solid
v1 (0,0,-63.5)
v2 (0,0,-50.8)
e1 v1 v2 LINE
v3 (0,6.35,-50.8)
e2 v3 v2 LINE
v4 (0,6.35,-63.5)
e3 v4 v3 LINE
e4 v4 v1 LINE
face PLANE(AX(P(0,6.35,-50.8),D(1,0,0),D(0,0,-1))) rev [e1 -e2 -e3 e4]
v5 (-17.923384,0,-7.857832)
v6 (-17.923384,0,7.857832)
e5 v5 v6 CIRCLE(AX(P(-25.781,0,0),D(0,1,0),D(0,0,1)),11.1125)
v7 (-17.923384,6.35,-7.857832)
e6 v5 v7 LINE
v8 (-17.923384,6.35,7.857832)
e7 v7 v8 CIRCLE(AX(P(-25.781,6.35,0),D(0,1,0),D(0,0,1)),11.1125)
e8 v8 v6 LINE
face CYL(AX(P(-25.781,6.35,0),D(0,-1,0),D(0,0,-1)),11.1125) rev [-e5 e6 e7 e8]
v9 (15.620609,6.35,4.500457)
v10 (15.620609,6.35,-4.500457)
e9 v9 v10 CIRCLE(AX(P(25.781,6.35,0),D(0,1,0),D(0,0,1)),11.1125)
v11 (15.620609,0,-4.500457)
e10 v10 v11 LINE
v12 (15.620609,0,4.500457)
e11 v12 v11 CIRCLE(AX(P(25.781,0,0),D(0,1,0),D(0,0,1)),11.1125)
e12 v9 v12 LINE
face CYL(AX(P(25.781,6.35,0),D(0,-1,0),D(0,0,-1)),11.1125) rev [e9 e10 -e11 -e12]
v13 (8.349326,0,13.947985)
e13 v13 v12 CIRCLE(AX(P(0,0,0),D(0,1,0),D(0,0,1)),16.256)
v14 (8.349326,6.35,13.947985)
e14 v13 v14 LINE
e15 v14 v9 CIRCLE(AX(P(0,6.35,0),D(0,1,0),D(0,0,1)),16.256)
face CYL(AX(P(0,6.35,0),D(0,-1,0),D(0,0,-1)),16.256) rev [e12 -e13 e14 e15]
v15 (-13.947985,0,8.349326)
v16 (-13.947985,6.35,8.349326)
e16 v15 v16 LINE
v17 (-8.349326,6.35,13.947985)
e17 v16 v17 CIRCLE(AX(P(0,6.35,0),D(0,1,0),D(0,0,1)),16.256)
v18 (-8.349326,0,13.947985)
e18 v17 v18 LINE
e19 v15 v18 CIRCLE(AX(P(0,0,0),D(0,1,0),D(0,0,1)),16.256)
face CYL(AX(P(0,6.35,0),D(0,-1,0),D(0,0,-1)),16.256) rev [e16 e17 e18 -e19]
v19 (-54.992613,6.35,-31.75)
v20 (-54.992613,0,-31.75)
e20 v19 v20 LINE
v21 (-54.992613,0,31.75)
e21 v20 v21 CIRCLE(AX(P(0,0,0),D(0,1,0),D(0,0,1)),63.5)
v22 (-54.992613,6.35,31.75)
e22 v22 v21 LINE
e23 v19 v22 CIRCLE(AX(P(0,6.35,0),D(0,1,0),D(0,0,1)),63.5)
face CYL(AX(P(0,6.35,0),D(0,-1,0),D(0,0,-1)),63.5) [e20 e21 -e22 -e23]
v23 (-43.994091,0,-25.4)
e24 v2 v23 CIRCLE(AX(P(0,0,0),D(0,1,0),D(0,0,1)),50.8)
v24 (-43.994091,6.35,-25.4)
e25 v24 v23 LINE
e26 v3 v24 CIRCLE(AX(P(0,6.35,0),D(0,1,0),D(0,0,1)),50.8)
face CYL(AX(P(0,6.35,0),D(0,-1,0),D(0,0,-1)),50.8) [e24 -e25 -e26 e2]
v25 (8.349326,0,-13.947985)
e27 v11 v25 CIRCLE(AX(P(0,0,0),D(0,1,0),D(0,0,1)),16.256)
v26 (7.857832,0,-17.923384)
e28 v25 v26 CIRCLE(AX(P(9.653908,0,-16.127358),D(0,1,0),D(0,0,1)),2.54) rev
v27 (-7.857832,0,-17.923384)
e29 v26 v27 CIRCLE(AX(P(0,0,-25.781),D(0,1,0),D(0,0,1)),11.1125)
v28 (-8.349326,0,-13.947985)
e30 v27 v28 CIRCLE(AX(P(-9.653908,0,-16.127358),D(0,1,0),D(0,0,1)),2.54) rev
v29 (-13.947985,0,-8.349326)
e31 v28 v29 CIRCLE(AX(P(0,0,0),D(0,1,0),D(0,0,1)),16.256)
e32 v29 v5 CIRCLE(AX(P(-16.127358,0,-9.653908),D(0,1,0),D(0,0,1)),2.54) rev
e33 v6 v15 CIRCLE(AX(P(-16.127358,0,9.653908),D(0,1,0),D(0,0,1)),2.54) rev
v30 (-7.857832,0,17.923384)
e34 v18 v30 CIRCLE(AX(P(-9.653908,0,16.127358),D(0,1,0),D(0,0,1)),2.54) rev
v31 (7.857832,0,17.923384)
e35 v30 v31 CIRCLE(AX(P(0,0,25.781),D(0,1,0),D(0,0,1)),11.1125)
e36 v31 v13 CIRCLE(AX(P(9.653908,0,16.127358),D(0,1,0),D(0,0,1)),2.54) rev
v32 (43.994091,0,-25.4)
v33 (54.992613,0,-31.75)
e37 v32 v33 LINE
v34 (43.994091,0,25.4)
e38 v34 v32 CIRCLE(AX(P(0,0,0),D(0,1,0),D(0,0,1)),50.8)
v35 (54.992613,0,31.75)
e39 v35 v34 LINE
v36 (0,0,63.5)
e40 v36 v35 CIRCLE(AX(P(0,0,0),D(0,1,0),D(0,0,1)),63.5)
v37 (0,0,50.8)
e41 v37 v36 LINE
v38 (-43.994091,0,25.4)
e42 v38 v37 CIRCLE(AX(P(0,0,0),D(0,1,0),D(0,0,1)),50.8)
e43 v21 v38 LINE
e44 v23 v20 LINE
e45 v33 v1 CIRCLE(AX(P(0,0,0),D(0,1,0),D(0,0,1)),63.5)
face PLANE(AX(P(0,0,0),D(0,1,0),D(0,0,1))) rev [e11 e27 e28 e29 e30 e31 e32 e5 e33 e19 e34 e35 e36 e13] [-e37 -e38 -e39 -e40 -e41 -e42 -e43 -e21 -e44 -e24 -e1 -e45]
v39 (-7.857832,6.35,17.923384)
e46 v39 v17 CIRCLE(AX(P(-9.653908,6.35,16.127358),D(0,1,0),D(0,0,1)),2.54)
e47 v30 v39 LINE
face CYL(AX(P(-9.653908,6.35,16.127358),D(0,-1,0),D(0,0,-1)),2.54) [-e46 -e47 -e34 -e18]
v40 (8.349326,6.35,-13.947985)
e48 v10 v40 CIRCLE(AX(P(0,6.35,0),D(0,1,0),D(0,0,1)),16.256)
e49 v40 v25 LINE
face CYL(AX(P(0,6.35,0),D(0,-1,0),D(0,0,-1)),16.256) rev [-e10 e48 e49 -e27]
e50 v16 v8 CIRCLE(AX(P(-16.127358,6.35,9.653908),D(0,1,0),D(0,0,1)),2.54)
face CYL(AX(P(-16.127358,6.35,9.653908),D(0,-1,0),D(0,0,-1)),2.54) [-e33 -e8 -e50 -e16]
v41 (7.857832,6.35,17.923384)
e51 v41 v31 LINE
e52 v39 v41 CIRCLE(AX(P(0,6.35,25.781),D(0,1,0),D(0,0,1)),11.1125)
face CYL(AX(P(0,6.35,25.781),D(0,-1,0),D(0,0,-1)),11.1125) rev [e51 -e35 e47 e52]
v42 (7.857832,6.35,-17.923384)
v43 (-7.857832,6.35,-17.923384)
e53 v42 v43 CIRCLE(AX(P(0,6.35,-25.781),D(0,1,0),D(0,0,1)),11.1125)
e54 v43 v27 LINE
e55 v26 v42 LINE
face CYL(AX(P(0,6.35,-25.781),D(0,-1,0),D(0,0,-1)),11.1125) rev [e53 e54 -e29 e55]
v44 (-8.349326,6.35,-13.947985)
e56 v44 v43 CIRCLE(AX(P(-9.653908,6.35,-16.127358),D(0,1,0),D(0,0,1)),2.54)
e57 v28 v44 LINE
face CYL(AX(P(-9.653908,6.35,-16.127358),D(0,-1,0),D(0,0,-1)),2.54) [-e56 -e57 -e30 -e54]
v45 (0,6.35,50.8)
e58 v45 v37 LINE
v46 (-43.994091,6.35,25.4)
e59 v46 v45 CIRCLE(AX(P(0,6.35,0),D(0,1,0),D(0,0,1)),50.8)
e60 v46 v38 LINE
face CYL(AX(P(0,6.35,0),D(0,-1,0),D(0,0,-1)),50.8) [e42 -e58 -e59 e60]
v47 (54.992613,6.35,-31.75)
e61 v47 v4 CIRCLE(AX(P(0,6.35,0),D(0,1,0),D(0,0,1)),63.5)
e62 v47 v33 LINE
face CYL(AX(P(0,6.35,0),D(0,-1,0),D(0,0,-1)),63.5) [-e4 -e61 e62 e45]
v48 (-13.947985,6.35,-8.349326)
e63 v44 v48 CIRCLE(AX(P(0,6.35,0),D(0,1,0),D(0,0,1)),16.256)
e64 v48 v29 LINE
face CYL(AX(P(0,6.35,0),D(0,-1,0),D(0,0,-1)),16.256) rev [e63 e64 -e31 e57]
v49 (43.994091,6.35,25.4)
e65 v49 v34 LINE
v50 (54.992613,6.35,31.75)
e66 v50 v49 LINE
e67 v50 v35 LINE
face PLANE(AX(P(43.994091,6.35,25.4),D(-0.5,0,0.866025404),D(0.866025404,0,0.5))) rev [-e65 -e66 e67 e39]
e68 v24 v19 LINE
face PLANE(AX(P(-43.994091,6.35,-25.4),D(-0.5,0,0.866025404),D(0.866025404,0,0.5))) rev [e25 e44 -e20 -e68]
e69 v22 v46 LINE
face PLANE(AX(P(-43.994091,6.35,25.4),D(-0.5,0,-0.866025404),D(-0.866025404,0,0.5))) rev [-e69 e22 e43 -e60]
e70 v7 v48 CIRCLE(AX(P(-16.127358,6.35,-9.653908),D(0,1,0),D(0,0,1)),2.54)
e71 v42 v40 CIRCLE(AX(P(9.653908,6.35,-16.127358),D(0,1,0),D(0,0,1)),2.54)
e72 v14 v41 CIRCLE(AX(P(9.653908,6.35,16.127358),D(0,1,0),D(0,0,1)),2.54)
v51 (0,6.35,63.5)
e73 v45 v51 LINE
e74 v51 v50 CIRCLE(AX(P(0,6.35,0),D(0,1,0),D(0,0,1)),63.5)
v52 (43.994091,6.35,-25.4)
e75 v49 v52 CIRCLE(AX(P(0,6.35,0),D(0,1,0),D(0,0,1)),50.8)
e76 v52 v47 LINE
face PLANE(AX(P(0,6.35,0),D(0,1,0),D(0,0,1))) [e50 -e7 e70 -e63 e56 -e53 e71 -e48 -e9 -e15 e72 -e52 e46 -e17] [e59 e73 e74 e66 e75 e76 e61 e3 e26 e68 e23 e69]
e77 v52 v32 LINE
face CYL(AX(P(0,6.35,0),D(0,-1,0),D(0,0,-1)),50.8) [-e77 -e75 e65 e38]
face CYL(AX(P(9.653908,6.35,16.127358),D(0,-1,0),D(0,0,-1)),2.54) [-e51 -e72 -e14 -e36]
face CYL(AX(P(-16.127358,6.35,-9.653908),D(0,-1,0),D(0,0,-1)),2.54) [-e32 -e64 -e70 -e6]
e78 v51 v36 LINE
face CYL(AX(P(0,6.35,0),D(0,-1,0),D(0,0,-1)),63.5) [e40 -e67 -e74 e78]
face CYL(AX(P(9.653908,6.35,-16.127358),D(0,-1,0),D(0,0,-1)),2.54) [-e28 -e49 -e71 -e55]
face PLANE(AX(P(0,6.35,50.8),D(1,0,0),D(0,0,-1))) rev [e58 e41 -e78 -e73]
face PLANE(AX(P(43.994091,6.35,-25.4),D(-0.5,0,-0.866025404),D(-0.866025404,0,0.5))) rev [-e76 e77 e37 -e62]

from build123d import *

# Parameters (mm, degrees)
BOSS_EXTRUDE1_DEPTH = 6.35
FILLET1_R           = 2.54


with BuildPart() as part:
    # Sketch1 → Boss-Extrude1 (new body)
    with BuildSketch(Plane(origin=(0, 0, 0), x_dir=(1, 0, 0), z_dir=(0, 1, 0))):
        with BuildLine():
            Line((0, 50.8), (0, 63.5))
            ThreePointArc((0, 63.5), (31.75, 54.99261314), (54.99261314, 31.75))
            Line((54.99261314, 31.75), (43.994090512, 25.4))
            ThreePointArc((43.994090512, 25.4), (50.8, 0), (43.994090512, -25.4))
            Line((43.994090512, -25.4), (54.99261314, -31.75))
            ThreePointArc((54.99261314, -31.75), (31.75, -54.99261314), (0, -63.5))
            Line((0, -63.5), (0, -50.8))
            ThreePointArc((0, -50.8), (-25.4, -43.994090512), (-43.994090512, -25.4))
            Line((-43.994090512, -25.4), (-54.99261314, -31.75))
            ThreePointArc((-54.99261314, -31.75), (-63.5, 0), (-54.99261314, 31.75))
            Line((-54.99261314, 31.75), (-43.994090512, 25.4))
            ThreePointArc((-43.994090512, 25.4), (-25.4, 43.994090512), (0, 50.8))
        make_face()
        with BuildLine():
            ThreePointArc((-4.50045673, 15.62060899), (-11.494727835, 11.494727835), (-15.62060899, 4.50045673))
            ThreePointArc((-15.62060899, 4.50045673), (-36.8935, 0), (-15.62060899, -4.50045673))
            ThreePointArc((-15.62060899, -4.50045673), (-11.494727835, -11.494727835), (-4.50045673, -15.62060899))
            ThreePointArc((-4.50045673, -15.62060899), (0, -36.8935), (4.50045673, -15.62060899))
            ThreePointArc((4.50045673, -15.62060899), (11.494727835, -11.494727835), (15.62060899, -4.50045673))
            ThreePointArc((15.62060899, -4.50045673), (36.8935, 0), (15.62060899, 4.50045673))
            ThreePointArc((15.62060899, 4.50045673), (11.494727835, 11.494727835), (4.50045673, 15.62060899))
            ThreePointArc((4.50045673, 15.62060899), (0, 36.8935), (-4.50045673, 15.62060899))
        make_face(mode=Mode.SUBTRACT)
    extrude(amount=BOSS_EXTRUDE1_DEPTH)

    # Fillet1
    fillet1_edges = [part.edges().sort_by_distance(p)[0] for p in [
        (4.50045673, 3.175, -15.62060899),
        (-4.50045673, 3.175, -15.62060899),
        (-15.62060899, 3.175, -4.50045673),
        (-15.62060899, 3.175, 4.50045673),
        (-4.50045673, 3.175, 15.62060899),
        (4.50045673, 3.175, 15.62060899),
    ]]
    fillet(fillet1_edges, radius=FILLET1_R)


solid = part.part
